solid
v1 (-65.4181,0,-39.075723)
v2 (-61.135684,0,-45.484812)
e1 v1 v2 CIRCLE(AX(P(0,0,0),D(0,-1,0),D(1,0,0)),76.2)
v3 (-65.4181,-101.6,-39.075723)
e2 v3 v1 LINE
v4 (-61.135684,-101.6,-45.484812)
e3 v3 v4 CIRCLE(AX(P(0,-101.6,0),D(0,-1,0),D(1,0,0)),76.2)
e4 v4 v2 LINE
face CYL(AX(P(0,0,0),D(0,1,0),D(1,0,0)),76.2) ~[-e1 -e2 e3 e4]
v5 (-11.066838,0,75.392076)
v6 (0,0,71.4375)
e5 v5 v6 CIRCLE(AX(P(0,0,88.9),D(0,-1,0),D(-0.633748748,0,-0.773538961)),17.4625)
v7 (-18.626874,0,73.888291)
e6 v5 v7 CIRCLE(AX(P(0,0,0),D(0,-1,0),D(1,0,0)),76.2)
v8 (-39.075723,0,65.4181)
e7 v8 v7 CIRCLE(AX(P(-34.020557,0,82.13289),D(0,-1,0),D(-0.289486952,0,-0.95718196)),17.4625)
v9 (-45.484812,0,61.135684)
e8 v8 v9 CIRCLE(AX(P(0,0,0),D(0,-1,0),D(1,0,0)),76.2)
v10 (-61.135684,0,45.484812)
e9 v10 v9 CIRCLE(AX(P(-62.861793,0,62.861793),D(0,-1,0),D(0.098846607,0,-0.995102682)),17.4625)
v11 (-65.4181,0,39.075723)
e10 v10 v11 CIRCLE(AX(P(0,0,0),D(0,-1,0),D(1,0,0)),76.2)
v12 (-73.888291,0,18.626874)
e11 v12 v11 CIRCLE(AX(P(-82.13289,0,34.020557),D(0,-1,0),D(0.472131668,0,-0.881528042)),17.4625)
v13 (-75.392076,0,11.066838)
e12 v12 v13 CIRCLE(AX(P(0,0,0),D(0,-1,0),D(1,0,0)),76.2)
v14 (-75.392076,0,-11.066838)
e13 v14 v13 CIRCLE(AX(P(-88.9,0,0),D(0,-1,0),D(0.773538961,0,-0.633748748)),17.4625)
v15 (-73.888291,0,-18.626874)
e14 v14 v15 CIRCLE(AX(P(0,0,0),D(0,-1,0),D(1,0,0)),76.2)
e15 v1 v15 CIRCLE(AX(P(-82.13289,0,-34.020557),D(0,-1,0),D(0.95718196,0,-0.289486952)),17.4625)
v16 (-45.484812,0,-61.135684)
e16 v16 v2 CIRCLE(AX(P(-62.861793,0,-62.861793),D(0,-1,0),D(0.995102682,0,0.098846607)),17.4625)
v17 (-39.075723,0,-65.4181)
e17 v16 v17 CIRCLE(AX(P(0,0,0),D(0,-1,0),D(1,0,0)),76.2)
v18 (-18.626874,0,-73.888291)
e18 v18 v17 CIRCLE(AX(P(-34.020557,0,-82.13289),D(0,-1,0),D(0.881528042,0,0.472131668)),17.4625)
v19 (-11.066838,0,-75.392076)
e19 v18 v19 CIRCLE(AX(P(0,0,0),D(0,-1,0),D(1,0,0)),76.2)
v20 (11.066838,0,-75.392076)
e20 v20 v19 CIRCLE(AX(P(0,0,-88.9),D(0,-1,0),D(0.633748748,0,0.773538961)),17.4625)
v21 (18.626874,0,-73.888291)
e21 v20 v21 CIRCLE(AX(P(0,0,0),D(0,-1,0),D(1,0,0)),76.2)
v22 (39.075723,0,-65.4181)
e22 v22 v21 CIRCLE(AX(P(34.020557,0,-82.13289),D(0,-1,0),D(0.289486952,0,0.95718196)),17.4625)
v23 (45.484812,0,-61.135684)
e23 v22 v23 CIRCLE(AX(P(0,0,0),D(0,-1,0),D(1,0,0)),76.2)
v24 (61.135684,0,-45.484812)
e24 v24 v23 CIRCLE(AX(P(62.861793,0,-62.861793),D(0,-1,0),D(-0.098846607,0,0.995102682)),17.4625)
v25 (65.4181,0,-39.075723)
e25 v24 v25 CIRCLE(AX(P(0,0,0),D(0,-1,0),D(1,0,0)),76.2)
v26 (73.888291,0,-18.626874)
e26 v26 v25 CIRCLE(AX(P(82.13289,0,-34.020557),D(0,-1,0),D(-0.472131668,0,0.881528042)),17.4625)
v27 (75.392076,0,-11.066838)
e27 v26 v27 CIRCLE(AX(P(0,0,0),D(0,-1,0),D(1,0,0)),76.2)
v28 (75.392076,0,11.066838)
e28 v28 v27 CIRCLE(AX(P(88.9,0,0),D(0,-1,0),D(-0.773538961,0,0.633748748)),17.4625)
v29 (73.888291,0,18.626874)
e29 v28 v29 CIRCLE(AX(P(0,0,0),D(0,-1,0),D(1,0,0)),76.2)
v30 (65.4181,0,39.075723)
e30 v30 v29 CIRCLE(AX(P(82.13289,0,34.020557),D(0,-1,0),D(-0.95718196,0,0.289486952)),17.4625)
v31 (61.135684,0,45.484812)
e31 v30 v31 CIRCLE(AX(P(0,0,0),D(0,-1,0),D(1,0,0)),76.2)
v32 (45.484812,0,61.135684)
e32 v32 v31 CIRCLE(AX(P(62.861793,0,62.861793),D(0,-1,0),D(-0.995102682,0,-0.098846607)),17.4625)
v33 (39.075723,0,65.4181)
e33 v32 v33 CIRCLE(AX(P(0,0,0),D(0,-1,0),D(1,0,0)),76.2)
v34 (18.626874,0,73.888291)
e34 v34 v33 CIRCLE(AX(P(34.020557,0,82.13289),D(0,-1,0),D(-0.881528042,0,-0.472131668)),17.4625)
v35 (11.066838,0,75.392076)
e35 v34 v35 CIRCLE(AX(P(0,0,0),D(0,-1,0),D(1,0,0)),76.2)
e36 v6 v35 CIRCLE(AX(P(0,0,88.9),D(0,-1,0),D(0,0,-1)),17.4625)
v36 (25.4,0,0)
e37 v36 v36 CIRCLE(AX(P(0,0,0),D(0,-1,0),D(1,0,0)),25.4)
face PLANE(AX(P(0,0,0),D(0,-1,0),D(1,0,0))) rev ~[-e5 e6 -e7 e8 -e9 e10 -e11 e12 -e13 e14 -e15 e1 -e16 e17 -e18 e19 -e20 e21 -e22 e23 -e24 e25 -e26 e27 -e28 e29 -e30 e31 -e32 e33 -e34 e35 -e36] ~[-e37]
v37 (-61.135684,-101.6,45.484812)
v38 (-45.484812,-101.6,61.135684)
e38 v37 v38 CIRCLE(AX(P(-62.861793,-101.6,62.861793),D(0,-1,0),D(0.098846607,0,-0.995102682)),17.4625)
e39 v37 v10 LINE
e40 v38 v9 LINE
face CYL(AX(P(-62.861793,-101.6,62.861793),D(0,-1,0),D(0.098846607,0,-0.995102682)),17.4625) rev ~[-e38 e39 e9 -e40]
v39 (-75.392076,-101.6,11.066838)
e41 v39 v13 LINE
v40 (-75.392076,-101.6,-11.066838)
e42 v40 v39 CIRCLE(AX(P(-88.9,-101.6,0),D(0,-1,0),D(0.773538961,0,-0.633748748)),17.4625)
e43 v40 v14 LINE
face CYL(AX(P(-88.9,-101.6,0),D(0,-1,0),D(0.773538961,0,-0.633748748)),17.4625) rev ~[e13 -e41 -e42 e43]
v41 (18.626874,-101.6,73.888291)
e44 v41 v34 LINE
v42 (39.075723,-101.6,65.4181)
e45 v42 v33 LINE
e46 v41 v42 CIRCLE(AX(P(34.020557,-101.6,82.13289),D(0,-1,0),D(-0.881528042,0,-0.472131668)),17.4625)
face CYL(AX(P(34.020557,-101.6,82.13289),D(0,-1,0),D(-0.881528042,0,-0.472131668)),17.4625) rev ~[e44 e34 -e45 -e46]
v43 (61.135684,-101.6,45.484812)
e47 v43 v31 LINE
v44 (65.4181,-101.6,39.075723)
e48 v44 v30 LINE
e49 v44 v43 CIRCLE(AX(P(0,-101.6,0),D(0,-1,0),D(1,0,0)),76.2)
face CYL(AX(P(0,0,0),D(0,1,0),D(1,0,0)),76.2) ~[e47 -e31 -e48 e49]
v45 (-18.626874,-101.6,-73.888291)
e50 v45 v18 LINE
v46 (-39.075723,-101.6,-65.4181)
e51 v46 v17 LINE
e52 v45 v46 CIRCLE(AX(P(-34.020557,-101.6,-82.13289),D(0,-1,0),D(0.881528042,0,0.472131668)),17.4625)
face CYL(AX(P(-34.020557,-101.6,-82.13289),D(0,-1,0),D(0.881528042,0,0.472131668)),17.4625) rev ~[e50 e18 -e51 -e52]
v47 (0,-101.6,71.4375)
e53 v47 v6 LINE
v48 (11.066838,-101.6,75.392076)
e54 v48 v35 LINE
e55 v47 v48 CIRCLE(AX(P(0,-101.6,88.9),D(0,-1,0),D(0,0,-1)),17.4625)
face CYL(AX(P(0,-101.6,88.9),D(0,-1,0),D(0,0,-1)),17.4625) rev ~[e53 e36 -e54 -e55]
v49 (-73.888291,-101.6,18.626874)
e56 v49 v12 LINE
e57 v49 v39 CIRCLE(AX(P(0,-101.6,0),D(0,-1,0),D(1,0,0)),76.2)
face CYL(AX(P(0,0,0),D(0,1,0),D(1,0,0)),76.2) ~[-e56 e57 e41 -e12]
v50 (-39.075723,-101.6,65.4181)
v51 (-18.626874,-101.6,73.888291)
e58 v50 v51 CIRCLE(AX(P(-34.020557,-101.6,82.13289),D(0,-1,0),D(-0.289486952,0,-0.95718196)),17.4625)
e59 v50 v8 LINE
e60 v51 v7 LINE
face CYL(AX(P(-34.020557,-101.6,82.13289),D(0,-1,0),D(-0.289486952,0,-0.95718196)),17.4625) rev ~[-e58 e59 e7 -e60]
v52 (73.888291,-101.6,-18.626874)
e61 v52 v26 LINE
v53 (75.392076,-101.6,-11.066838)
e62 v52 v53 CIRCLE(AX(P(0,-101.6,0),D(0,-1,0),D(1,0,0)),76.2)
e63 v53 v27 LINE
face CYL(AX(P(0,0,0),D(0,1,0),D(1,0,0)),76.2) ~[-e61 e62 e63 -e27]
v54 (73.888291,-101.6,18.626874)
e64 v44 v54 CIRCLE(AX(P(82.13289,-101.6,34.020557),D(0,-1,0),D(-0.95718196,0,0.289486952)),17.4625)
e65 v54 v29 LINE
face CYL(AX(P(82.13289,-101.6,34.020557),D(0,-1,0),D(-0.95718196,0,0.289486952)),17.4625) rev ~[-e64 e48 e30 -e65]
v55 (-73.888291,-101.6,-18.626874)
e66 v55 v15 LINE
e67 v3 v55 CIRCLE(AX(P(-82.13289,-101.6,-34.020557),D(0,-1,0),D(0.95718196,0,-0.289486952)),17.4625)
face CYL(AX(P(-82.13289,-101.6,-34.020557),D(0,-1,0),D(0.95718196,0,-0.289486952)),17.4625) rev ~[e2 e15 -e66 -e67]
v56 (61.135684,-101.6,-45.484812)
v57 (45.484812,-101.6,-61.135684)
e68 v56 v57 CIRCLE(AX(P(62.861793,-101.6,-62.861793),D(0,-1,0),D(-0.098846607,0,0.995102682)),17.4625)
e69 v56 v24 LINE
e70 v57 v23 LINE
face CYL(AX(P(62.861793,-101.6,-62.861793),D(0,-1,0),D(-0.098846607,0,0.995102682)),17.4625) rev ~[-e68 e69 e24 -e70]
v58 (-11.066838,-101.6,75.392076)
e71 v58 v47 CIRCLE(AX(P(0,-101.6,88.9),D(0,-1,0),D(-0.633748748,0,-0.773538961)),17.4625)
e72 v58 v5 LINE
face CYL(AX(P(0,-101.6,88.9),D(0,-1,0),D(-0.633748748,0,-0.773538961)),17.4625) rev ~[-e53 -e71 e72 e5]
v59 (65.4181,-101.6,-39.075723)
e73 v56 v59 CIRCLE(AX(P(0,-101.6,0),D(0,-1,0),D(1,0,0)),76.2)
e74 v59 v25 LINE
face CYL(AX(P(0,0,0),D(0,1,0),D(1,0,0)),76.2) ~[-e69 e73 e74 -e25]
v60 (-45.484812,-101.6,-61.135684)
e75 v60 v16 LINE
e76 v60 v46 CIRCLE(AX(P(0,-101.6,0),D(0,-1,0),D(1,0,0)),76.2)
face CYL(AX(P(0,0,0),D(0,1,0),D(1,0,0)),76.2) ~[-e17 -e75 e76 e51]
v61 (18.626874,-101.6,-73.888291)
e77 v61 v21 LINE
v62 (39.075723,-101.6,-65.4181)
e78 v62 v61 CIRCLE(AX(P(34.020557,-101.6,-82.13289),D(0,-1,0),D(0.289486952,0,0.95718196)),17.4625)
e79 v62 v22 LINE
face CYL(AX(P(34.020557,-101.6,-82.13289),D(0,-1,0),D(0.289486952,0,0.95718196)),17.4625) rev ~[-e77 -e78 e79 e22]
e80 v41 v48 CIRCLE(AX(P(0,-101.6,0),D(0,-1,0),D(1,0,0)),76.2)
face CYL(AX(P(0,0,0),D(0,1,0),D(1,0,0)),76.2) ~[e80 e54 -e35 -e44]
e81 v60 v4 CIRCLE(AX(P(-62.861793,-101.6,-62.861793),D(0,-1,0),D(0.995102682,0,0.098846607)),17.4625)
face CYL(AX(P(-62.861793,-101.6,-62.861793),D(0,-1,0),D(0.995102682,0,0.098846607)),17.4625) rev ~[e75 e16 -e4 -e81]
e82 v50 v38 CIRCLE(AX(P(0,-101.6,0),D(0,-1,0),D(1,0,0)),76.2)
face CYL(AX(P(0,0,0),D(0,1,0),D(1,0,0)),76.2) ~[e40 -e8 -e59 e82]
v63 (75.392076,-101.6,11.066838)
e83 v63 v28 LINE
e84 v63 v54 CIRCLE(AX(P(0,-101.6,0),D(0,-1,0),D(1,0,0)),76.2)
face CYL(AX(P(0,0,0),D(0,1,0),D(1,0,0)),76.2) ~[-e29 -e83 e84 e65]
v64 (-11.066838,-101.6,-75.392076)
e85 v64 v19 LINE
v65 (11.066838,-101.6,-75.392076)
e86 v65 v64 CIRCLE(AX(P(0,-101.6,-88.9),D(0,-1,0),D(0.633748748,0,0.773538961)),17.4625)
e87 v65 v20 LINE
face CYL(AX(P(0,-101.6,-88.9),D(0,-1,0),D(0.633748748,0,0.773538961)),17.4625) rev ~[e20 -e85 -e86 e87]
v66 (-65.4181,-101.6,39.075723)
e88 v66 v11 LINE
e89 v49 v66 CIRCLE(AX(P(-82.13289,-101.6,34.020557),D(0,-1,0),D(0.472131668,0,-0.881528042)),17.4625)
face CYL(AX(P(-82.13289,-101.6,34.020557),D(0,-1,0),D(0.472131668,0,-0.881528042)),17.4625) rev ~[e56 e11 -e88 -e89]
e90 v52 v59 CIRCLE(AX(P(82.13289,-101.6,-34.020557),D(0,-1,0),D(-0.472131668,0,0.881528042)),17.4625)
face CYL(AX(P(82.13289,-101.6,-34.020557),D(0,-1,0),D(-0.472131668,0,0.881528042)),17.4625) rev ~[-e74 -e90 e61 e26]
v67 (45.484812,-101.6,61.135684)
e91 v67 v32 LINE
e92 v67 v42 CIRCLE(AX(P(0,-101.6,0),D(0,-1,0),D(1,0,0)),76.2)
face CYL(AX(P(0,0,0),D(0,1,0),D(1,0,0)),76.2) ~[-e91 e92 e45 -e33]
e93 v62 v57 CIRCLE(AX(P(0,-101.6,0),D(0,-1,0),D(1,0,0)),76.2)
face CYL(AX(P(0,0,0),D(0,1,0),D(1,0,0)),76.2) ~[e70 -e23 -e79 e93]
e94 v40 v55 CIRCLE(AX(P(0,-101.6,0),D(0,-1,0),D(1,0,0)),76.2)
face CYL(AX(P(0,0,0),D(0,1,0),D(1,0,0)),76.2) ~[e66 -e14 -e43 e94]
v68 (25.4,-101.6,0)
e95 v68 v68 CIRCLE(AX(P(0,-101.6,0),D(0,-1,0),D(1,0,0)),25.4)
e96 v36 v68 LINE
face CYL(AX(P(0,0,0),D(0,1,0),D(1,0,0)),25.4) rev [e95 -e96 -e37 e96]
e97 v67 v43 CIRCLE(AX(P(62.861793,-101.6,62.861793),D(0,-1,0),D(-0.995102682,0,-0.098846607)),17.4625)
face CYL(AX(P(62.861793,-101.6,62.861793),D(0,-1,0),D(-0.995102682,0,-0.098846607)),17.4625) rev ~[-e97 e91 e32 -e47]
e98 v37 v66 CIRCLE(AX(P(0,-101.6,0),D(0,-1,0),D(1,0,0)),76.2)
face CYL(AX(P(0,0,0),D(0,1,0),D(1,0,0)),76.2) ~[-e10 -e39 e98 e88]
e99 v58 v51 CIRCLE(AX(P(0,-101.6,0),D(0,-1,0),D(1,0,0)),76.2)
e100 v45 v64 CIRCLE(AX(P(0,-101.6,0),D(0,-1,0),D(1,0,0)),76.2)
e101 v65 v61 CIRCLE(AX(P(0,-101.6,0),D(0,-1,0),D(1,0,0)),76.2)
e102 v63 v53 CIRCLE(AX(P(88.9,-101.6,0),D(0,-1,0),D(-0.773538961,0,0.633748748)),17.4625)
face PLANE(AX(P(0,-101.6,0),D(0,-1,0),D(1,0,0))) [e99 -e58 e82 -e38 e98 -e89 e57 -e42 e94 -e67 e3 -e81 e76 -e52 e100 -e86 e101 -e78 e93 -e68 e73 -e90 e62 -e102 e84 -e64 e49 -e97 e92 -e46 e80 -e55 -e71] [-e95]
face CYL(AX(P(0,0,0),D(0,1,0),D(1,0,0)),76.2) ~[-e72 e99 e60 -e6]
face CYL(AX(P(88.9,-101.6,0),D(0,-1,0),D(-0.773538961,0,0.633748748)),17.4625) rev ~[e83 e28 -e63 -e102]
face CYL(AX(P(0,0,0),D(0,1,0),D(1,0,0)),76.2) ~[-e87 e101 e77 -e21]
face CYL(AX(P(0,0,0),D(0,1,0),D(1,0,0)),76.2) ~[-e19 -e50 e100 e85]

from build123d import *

# Parameters (mm, degrees)
F0_R     = 76.2
F0_R_2   = 25.4
F1_DEPTH = 101.6
F3_DEPTH = 101.6


with BuildPart() as f1:
    # F0 (on Front) → F1 (new body)
    with BuildSketch(Plane.XZ):
        Circle(F0_R)
        Circle(F0_R_2, mode=Mode.SUBTRACT)
    extrude(amount=F1_DEPTH)

    # F2 (on face) → F3 (cut)
    with BuildSketch(Plane.XZ.offset(101.6)):
        with BuildLine():
            ThreePointArc((39.0757230448, 65.4181004656), (29.1604775462, 70.3996203774), (18.6268737068, 73.8882911963))
            ThreePointArc((18.6268737068, 73.8882911963), (27.3379476996, 65.9996441038), (39.0757230448, 65.4181004656))
        make_face()
        with BuildLine():
            ThreePointArc((61.1356839641, 45.484812259), (53.8815367264, 53.8815367264), (45.484812259, 61.1356839641))
            ThreePointArc((45.484812259, 61.1356839641), (50.513940681, 50.513940681), (61.1356839641, 45.484812259))
        make_face()
        with BuildLine():
            ThreePointArc((73.8882911963, 18.6268737068), (70.3996203774, 29.1604775462), (65.4181004656, 39.0757230448))
            ThreePointArc((65.4181004656, 39.0757230448), (65.9996441038, 27.3379476996), (73.8882911963, 18.6268737068))
        make_face()
        with BuildLine():
            ThreePointArc((76.2, 0), (75.9977505688, 5.5481445982), (75.3920758929, 11.0668375142))
            ThreePointArc((75.3920758929, 11.0668375142), (71.4375, 0), (75.3920758929, -11.0668375142))
            ThreePointArc((75.3920758929, -11.0668375142), (75.9977505688, -5.5481445982), (76.2, 0))
        make_face()
        with BuildLine():
            ThreePointArc((65.4181004656, -39.0757230448), (70.3996203774, -29.1604775462), (73.8882911963, -18.6268737068))
            ThreePointArc((73.8882911963, -18.6268737068), (65.9996441038, -27.3379476996), (65.4181004656, -39.0757230448))
        make_face()
        with BuildLine():
            ThreePointArc((45.484812259, -61.1356839641), (53.8815367264, -53.8815367264), (61.1356839641, -45.484812259))
            ThreePointArc((61.1356839641, -45.484812259), (50.513940681, -50.513940681), (45.484812259, -61.1356839641))
        make_face()
        with BuildLine():
            ThreePointArc((18.6268737068, -73.8882911963), (29.1604775462, -70.3996203774), (39.0757230448, -65.4181004656))
            ThreePointArc((39.0757230448, -65.4181004656), (27.3379476996, -65.9996441038), (18.6268737068, -73.8882911963))
        make_face()
        with BuildLine():
            ThreePointArc((11.0668375142, -75.3920758929), (0, -71.4375), (-11.0668375142, -75.3920758929))
            ThreePointArc((-11.0668375142, -75.3920758929), (0, -76.2), (11.0668375142, -75.3920758929))
        make_face()
        with BuildLine():
            ThreePointArc((-18.6268737068, -73.8882911963), (-27.3379476996, -65.9996441038), (-39.0757230448, -65.4181004656))
            ThreePointArc((-39.0757230448, -65.4181004656), (-29.1604775462, -70.3996203774), (-18.6268737068, -73.8882911963))
        make_face()
        with BuildLine():
            ThreePointArc((-45.484812259, -61.1356839641), (-50.513940681, -50.513940681), (-61.1356839641, -45.484812259))
            ThreePointArc((-61.1356839641, -45.484812259), (-53.8815367264, -53.8815367264), (-45.484812259, -61.1356839641))
        make_face()
        with BuildLine():
            ThreePointArc((-65.4181004656, -39.0757230448), (-65.9996441038, -27.3379476996), (-73.8882911963, -18.6268737068))
            ThreePointArc((-73.8882911963, -18.6268737068), (-70.3996203774, -29.1604775462), (-65.4181004656, -39.0757230448))
        make_face()
        with BuildLine():
            ThreePointArc((-75.3920758929, -11.0668375142), (-71.4375, 0), (-75.3920758929, 11.0668375142))
            ThreePointArc((-75.3920758929, 11.0668375142), (-76.2, 0), (-75.3920758929, -11.0668375142))
        make_face()
        with BuildLine():
            ThreePointArc((-73.8882911963, 18.6268737068), (-65.9996441038, 27.3379476996), (-65.4181004656, 39.0757230448))
            ThreePointArc((-65.4181004656, 39.0757230448), (-70.3996203774, 29.1604775462), (-73.8882911963, 18.6268737068))
        make_face()
        with BuildLine():
            ThreePointArc((-61.1356839641, 45.484812259), (-50.513940681, 50.513940681), (-45.484812259, 61.1356839641))
            ThreePointArc((-45.484812259, 61.1356839641), (-53.8815367264, 53.8815367264), (-61.1356839641, 45.484812259))
        make_face()
        with BuildLine():
            ThreePointArc((-39.0757230448, 65.4181004656), (-27.3379476996, 65.9996441038), (-18.6268737068, 73.8882911963))
            ThreePointArc((-18.6268737068, 73.8882911963), (-29.1604775462, 70.3996203774), (-39.0757230448, 65.4181004656))
        make_face()
        with BuildLine():
            Line((0, 76.2), (0, 71.4375))
            ThreePointArc((0, 71.4375), (5.8760863476, 72.455836431), (11.0668375142, 75.3920758929))
            ThreePointArc((11.0668375142, 75.3920758929), (5.5481445982, 75.9977505688), (0, 76.2))
        make_face()
        with BuildLine():
            ThreePointArc((-11.0668375142, 75.3920758929), (-5.8760863476, 72.455836431), (0, 71.4375))
            Line((0, 71.4375), (0, 76.2))
            ThreePointArc((0, 76.2), (-5.5481445982, 75.9977505688), (-11.0668375142, 75.3920758929))
        make_face()
    extrude(amount=-F3_DEPTH, mode=Mode.SUBTRACT)


solid = f1.part
